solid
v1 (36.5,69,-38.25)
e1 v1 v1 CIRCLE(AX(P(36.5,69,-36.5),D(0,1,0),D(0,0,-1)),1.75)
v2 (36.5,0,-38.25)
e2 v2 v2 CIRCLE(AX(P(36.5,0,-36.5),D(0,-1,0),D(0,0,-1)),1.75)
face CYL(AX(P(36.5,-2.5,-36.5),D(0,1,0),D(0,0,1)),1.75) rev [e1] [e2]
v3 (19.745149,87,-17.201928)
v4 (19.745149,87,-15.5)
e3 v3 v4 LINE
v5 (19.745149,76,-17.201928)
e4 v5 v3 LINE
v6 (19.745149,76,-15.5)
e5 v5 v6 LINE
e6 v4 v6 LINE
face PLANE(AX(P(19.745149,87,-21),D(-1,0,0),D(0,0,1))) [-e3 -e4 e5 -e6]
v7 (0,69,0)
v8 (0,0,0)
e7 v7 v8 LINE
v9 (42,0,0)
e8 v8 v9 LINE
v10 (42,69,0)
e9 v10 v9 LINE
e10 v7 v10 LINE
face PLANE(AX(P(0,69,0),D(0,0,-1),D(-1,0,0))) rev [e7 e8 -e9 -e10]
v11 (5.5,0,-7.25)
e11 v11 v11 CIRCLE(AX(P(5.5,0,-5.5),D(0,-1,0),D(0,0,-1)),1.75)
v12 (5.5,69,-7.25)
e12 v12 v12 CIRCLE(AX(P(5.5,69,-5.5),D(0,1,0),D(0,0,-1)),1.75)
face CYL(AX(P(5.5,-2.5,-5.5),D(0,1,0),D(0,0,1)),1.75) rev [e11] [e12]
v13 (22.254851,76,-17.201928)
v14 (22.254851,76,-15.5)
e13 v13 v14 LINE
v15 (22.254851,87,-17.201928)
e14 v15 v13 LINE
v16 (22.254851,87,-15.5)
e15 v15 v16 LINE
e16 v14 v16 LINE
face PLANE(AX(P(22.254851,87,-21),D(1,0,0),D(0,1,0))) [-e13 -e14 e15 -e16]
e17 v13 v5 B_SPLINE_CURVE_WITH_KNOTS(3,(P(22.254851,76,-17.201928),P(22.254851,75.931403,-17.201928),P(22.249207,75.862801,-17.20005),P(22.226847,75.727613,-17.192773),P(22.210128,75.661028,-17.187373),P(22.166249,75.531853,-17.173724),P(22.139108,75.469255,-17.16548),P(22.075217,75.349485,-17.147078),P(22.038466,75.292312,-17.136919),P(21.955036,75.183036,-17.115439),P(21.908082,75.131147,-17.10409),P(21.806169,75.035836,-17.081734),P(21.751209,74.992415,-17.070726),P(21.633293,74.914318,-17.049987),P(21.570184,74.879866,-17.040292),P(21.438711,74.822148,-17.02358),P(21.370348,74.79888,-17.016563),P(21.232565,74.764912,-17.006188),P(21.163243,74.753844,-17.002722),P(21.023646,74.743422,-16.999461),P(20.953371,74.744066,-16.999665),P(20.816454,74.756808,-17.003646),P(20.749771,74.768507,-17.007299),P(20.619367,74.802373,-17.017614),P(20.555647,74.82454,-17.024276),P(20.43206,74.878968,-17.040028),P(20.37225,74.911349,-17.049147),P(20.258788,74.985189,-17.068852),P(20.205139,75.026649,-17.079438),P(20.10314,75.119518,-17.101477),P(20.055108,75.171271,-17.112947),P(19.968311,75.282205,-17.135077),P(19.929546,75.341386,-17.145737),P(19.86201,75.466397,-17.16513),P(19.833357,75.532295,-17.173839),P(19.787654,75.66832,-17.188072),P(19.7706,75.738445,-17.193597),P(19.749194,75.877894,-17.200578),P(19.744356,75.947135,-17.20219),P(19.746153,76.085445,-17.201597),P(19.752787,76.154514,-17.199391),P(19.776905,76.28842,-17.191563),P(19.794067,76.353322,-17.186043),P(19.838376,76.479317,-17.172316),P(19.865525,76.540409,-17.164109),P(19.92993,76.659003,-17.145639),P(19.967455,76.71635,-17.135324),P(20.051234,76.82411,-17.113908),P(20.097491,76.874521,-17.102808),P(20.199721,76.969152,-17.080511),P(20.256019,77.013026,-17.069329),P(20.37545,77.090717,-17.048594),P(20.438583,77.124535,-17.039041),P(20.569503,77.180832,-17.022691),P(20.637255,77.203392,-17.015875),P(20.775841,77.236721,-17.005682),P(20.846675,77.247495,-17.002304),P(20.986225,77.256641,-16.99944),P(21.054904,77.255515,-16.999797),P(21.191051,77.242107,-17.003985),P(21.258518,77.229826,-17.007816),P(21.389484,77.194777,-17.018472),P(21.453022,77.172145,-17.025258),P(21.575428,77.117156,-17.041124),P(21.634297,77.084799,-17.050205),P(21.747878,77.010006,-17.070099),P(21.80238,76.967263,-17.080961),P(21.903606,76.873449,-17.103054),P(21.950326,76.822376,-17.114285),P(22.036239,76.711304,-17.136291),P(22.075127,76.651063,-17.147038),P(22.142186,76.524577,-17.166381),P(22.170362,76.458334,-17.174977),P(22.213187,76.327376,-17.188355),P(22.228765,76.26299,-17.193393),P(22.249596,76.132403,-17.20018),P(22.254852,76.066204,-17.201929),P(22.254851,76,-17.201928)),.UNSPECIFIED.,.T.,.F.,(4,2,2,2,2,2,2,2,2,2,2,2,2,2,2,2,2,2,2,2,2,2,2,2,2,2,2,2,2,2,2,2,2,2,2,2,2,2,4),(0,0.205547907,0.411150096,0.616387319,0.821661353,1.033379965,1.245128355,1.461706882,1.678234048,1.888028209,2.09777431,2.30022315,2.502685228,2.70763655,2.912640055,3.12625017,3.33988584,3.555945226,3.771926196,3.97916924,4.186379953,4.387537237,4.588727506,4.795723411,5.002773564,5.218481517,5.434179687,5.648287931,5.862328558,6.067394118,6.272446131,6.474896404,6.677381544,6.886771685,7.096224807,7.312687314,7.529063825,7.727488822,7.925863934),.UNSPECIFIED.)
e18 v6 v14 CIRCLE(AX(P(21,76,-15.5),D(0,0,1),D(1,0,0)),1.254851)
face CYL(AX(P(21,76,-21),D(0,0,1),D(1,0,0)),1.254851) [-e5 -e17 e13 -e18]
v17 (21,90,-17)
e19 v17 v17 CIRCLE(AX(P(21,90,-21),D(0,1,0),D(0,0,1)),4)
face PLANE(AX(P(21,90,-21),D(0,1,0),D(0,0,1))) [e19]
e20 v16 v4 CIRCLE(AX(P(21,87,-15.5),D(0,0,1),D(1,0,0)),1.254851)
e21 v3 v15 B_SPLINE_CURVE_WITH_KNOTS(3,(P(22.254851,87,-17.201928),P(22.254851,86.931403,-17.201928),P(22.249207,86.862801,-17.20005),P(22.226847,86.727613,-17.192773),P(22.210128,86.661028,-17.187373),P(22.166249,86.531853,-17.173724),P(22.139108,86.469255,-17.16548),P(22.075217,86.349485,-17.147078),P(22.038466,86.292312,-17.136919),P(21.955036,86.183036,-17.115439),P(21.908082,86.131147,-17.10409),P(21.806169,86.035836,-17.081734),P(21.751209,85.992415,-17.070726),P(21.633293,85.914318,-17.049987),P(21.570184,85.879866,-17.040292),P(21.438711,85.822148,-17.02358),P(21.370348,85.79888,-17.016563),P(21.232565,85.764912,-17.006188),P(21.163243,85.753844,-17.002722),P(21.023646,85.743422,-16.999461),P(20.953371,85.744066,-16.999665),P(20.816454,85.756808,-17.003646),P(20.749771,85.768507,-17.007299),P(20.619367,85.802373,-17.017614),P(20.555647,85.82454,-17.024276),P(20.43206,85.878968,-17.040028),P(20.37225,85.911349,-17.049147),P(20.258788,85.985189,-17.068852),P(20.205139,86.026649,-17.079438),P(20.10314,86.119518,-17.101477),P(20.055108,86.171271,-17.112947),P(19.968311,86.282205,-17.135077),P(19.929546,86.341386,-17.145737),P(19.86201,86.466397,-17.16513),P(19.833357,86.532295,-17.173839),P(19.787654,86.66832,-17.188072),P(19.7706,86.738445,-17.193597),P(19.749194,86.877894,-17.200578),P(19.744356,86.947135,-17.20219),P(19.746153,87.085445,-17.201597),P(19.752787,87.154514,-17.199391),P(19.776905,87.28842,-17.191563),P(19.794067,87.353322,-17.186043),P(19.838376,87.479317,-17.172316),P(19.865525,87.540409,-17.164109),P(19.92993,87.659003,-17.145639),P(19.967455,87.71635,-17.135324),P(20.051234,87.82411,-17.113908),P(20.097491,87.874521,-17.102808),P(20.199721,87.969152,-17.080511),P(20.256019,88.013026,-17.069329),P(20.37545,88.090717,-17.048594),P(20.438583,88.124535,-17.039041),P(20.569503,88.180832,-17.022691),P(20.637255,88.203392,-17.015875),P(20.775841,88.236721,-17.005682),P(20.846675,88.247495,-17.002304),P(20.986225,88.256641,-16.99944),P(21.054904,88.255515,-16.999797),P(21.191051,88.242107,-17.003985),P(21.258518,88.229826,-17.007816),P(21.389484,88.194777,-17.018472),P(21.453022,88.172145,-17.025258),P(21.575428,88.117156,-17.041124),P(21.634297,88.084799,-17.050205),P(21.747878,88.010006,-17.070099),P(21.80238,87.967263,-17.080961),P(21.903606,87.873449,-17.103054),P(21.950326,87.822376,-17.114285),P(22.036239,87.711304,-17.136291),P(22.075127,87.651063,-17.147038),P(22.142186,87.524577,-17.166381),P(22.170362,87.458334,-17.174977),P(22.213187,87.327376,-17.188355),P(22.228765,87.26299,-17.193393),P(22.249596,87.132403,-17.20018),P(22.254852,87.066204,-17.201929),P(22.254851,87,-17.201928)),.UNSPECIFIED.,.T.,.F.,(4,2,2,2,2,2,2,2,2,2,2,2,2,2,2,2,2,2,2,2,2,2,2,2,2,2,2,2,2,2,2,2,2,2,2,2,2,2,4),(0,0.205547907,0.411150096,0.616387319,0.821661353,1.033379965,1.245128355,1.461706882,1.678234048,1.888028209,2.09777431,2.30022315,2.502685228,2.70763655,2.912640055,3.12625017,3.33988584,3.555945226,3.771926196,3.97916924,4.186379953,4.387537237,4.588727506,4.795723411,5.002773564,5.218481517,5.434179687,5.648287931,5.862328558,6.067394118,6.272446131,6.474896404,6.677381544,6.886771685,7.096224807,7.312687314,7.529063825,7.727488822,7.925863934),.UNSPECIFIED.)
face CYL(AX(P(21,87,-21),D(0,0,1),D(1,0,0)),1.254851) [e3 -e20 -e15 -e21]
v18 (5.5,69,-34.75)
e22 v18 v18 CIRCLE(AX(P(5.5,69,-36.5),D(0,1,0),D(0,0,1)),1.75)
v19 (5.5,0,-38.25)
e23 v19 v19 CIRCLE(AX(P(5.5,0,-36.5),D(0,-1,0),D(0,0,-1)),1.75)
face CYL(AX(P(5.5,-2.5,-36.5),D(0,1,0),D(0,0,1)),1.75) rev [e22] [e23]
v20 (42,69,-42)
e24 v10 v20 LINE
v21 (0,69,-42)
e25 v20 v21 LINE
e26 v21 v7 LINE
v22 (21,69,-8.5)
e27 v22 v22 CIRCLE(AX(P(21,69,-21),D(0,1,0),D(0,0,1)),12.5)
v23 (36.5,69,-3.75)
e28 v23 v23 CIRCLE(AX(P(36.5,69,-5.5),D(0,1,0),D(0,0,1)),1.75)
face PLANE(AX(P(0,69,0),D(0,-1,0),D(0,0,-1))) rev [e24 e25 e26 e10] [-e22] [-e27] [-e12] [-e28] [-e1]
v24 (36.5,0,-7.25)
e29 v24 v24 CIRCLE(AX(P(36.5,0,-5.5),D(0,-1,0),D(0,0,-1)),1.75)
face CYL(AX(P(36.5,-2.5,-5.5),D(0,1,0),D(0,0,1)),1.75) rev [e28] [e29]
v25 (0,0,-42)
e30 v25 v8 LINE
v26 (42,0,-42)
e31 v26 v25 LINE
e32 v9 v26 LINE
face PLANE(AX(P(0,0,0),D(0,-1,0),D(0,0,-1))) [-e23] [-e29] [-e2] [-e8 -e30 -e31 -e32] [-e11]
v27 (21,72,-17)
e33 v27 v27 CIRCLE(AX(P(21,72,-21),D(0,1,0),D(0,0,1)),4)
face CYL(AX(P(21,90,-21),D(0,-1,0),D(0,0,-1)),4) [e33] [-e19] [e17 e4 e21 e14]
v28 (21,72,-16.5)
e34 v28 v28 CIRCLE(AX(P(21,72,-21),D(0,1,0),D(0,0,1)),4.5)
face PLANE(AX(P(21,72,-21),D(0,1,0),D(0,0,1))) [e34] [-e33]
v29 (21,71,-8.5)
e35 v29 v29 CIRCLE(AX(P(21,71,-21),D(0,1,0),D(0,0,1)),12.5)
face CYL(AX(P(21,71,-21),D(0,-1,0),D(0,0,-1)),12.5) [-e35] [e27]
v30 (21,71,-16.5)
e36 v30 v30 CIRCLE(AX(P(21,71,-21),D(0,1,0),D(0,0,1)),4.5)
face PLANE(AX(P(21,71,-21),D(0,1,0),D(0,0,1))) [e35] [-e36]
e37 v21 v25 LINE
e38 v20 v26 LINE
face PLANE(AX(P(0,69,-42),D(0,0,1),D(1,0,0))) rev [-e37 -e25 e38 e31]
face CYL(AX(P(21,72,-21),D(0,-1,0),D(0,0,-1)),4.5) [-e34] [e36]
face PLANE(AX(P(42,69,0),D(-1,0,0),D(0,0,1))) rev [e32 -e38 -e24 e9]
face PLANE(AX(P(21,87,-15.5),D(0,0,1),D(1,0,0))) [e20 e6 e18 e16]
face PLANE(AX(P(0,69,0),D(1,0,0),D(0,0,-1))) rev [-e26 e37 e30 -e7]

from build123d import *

# Parameters (mm, degrees)
SKETCH_2_W           = 42
SKETCH_2_H           = 42
EXTRUDE_1_DEPTH      = 69
SKETCH_3_R           = 12.5
EXTRUDE_2_DEPTH      = 2
SKETCH_4_R           = 4.5
EXTRUDE_3_DEPTH      = 1
SKETCH_5_R           = 4
EXTRUDE_4_DEPTH      = 18
EXTRUDE_5_DEPTH      = 1.5
EXTRUDE_5_DEPTH_BACK = 4
SKETCH_7_R           = 1.75
CUT_EXTRUDE_1_DEPTH  = 71.5


with BuildPart() as part:
    # 草图2 → 凸台-拉伸1 (new body)
    with BuildSketch(Plane(origin=(0, 0, 0), x_dir=(1, 0, 0), z_dir=(0, 1, 0))):
        with Locations((21, 21)):
            Rectangle(SKETCH_2_W, SKETCH_2_H)
    extrude(amount=EXTRUDE_1_DEPTH)

    # 草图3 → 凸台-拉伸2 (add)
    with BuildSketch(Plane(origin=(0, 69, 0), x_dir=(1, 0, 0), z_dir=(0, 1, 0))):
        with Locations(Location((21, 21, 0), (0, 0, 270))):
            Circle(SKETCH_3_R)
    extrude(amount=EXTRUDE_2_DEPTH)

    # 草图4 → 凸台-拉伸3 (add)
    with BuildSketch(Plane(origin=(0, 71, 0), x_dir=(1, 0, 0), z_dir=(0, 1, 0))):
        with Locations(Location((21, 21, 0), (0, 0, 270))):
            Circle(SKETCH_4_R)
    extrude(amount=EXTRUDE_3_DEPTH)

    # 草图5 → 凸台-拉伸4 (add)
    with BuildSketch(Plane(origin=(0, 72, 0), x_dir=(1, 0, 0), z_dir=(0, 1, 0))):
        with Locations(Location((21, 21, 0), (0, 0, 270))):
            Circle(SKETCH_5_R)
    extrude(amount=EXTRUDE_4_DEPTH)

    # 草图6 → 凸台-拉伸5 (add, two sides: drawn at the far end of the back side and taken through both)
    with BuildSketch(Plane.XY.offset(-17).offset(-EXTRUDE_5_DEPTH_BACK)):
        with BuildLine():
            Line((22.254851431, 87), (22.254851431, 76))
            ThreePointArc((22.254851431, 76), (21, 74.745148569), (19.745148569, 76))
            Line((19.745148569, 76), (19.745148569, 87))
            ThreePointArc((19.745148569, 87), (21, 88.254851431), (22.254851431, 87))
        make_face()
    extrude(amount=EXTRUDE_5_DEPTH + EXTRUDE_5_DEPTH_BACK)

    # 草图7 → 切除-拉伸1 (cut)
    with BuildSketch(Plane(origin=(0, 69, 0), x_dir=(1, 0, 0), z_dir=(0, 1, 0))):
        with Locations(Location((5.5, 36.5, 0), (0, 0, 270))):
            Circle(SKETCH_7_R)
        with Locations(Location((36.5, 36.5, 0), (0, 0, 90))):
            Circle(SKETCH_7_R)
        with Locations(Location((36.5, 5.5, 0), (0, 0, 270))):
            Circle(SKETCH_7_R)
        with Locations(Location((5.5, 5.5, 0), (0, 0, 90))):
            Circle(SKETCH_7_R)
    extrude(amount=-CUT_EXTRUDE_1_DEPTH, mode=Mode.SUBTRACT)


solid = part.part
